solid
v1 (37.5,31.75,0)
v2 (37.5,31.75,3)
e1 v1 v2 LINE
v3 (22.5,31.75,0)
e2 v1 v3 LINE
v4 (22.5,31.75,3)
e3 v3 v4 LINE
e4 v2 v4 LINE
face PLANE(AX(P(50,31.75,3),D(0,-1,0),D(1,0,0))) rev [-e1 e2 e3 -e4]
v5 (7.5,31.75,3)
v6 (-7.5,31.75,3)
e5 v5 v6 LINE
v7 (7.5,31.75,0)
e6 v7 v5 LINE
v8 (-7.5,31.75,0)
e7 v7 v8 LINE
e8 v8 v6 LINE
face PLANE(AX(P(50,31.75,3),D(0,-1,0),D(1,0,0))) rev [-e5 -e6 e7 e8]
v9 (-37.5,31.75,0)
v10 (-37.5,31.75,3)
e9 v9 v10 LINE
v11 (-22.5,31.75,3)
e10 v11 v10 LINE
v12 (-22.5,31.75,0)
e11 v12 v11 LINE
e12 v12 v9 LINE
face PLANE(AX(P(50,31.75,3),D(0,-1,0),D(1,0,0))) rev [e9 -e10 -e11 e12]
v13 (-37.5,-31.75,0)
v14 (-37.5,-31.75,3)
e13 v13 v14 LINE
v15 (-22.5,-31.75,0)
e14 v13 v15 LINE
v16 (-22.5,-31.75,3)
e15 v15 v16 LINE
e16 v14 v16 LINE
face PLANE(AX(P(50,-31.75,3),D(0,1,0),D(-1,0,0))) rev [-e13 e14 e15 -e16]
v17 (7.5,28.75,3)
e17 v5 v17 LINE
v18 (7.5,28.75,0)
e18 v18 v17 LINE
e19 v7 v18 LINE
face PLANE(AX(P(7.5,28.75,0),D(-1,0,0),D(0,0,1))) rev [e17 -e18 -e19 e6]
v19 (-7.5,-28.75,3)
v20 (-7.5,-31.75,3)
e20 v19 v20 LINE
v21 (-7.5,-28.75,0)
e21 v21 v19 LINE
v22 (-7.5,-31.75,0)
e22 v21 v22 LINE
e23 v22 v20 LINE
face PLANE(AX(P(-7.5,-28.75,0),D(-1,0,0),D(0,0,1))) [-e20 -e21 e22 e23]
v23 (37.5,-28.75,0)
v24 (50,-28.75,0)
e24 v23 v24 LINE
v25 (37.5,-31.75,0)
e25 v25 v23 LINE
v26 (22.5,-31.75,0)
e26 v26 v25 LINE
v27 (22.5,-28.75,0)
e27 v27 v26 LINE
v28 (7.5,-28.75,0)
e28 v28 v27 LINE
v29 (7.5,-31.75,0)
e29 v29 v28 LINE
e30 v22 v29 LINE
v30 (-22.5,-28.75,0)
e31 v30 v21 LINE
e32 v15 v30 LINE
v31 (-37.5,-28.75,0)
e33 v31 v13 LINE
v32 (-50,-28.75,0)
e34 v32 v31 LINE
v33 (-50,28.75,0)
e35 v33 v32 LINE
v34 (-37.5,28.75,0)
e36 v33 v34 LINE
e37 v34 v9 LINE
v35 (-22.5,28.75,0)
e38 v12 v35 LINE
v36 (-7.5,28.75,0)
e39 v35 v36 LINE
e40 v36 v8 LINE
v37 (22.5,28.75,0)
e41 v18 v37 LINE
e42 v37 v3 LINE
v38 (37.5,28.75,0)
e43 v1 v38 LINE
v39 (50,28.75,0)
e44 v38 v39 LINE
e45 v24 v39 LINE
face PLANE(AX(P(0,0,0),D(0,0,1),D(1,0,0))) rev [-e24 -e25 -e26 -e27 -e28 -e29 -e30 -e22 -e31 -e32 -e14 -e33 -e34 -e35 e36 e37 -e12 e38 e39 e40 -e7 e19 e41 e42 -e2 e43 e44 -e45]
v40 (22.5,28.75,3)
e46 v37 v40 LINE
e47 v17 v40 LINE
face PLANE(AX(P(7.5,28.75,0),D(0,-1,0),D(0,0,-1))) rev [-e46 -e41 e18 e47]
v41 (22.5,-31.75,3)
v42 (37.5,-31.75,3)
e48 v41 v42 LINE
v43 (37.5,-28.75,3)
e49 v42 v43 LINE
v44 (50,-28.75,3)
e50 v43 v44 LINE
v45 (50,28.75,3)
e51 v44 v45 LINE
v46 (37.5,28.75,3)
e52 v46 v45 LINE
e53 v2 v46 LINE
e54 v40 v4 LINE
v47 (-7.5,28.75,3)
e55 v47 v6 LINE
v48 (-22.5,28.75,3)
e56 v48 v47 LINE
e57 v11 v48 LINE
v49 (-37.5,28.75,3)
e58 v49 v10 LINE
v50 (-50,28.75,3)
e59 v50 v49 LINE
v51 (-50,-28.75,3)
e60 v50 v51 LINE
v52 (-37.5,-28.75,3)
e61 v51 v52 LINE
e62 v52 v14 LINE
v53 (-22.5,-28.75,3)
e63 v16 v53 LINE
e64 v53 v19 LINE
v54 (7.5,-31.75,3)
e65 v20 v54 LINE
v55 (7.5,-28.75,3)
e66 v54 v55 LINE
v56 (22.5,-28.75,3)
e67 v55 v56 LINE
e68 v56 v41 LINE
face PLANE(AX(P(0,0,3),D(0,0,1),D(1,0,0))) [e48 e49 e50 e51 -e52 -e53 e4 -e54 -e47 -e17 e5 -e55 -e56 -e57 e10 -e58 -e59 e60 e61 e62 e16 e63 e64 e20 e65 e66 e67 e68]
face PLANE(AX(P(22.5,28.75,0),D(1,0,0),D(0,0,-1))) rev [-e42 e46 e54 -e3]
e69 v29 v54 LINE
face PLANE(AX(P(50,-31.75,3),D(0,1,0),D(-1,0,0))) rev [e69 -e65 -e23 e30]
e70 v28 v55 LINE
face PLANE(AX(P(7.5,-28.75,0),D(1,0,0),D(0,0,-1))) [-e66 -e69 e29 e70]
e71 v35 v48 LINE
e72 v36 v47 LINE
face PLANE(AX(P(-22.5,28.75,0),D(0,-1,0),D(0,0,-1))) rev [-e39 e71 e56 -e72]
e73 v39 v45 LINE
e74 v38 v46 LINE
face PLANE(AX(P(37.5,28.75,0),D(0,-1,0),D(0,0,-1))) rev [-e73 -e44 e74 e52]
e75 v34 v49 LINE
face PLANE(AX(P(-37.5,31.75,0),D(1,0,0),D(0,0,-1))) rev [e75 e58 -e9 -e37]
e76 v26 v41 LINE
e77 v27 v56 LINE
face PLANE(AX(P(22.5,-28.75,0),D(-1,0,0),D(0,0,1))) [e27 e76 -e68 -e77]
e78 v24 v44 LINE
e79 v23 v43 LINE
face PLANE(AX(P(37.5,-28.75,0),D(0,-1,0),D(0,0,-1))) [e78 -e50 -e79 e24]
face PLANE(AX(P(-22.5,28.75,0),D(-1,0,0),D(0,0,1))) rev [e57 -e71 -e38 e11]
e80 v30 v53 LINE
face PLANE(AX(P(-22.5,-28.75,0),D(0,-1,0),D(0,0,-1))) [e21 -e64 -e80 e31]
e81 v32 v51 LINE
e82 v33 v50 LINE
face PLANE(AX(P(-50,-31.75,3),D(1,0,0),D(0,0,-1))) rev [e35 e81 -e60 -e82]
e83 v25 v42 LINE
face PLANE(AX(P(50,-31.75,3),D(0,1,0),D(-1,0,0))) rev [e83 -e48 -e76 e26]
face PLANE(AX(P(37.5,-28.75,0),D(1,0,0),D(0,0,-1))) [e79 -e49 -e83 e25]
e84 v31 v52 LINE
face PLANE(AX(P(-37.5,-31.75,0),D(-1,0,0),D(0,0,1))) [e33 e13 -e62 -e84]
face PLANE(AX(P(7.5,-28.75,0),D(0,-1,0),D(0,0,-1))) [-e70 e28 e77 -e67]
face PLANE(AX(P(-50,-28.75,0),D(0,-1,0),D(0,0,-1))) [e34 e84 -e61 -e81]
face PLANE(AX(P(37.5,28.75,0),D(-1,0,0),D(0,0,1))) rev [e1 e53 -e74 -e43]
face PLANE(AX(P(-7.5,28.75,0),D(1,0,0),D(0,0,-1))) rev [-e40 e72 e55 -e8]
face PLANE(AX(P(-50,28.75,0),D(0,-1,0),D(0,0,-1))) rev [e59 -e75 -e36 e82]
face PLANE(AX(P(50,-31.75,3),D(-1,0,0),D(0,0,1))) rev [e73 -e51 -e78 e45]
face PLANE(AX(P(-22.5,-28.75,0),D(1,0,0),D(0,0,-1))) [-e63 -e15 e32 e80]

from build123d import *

# Parameters (mm, degrees)
SKETCH1_W           = 100
SKETCH1_H           = 63.5
BOSS_EXTRUDE1_DEPTH = 3
SKETCH2_W           = 12.5
SKETCH2_H           = 3
SKETCH2_W_2         = 15
CUT_EXTRUDE1_DEPTH  = 4


with BuildPart() as part:
    # Sketch1 → Boss-Extrude1 (new body)
    with BuildSketch(Plane.XY):
        Rectangle(SKETCH1_W, SKETCH1_H)
    extrude(amount=BOSS_EXTRUDE1_DEPTH)

    # Sketch2 → Cut-Extrude1 (cut, through all)
    with BuildSketch(Plane.XY.offset(3)):
        with Locations((-43.75, 30.25)):
            Rectangle(SKETCH2_W, SKETCH2_H)
        with Locations((-15, 30.25)):
            Rectangle(SKETCH2_W_2, SKETCH2_H)
        with Locations((15, 30.25)):
            Rectangle(SKETCH2_W_2, SKETCH2_H)
        with Locations((43.75, 30.25)):
            Rectangle(SKETCH2_W, SKETCH2_H)
    cut_extrude1 = extrude(amount=-CUT_EXTRUDE1_DEPTH, mode=Mode.SUBTRACT)

    # Mirror2: Cut-Extrude1 across plane
    add(cut_extrude1.mirror(Plane.ZX), mode=Mode.SUBTRACT)


solid = part.part
